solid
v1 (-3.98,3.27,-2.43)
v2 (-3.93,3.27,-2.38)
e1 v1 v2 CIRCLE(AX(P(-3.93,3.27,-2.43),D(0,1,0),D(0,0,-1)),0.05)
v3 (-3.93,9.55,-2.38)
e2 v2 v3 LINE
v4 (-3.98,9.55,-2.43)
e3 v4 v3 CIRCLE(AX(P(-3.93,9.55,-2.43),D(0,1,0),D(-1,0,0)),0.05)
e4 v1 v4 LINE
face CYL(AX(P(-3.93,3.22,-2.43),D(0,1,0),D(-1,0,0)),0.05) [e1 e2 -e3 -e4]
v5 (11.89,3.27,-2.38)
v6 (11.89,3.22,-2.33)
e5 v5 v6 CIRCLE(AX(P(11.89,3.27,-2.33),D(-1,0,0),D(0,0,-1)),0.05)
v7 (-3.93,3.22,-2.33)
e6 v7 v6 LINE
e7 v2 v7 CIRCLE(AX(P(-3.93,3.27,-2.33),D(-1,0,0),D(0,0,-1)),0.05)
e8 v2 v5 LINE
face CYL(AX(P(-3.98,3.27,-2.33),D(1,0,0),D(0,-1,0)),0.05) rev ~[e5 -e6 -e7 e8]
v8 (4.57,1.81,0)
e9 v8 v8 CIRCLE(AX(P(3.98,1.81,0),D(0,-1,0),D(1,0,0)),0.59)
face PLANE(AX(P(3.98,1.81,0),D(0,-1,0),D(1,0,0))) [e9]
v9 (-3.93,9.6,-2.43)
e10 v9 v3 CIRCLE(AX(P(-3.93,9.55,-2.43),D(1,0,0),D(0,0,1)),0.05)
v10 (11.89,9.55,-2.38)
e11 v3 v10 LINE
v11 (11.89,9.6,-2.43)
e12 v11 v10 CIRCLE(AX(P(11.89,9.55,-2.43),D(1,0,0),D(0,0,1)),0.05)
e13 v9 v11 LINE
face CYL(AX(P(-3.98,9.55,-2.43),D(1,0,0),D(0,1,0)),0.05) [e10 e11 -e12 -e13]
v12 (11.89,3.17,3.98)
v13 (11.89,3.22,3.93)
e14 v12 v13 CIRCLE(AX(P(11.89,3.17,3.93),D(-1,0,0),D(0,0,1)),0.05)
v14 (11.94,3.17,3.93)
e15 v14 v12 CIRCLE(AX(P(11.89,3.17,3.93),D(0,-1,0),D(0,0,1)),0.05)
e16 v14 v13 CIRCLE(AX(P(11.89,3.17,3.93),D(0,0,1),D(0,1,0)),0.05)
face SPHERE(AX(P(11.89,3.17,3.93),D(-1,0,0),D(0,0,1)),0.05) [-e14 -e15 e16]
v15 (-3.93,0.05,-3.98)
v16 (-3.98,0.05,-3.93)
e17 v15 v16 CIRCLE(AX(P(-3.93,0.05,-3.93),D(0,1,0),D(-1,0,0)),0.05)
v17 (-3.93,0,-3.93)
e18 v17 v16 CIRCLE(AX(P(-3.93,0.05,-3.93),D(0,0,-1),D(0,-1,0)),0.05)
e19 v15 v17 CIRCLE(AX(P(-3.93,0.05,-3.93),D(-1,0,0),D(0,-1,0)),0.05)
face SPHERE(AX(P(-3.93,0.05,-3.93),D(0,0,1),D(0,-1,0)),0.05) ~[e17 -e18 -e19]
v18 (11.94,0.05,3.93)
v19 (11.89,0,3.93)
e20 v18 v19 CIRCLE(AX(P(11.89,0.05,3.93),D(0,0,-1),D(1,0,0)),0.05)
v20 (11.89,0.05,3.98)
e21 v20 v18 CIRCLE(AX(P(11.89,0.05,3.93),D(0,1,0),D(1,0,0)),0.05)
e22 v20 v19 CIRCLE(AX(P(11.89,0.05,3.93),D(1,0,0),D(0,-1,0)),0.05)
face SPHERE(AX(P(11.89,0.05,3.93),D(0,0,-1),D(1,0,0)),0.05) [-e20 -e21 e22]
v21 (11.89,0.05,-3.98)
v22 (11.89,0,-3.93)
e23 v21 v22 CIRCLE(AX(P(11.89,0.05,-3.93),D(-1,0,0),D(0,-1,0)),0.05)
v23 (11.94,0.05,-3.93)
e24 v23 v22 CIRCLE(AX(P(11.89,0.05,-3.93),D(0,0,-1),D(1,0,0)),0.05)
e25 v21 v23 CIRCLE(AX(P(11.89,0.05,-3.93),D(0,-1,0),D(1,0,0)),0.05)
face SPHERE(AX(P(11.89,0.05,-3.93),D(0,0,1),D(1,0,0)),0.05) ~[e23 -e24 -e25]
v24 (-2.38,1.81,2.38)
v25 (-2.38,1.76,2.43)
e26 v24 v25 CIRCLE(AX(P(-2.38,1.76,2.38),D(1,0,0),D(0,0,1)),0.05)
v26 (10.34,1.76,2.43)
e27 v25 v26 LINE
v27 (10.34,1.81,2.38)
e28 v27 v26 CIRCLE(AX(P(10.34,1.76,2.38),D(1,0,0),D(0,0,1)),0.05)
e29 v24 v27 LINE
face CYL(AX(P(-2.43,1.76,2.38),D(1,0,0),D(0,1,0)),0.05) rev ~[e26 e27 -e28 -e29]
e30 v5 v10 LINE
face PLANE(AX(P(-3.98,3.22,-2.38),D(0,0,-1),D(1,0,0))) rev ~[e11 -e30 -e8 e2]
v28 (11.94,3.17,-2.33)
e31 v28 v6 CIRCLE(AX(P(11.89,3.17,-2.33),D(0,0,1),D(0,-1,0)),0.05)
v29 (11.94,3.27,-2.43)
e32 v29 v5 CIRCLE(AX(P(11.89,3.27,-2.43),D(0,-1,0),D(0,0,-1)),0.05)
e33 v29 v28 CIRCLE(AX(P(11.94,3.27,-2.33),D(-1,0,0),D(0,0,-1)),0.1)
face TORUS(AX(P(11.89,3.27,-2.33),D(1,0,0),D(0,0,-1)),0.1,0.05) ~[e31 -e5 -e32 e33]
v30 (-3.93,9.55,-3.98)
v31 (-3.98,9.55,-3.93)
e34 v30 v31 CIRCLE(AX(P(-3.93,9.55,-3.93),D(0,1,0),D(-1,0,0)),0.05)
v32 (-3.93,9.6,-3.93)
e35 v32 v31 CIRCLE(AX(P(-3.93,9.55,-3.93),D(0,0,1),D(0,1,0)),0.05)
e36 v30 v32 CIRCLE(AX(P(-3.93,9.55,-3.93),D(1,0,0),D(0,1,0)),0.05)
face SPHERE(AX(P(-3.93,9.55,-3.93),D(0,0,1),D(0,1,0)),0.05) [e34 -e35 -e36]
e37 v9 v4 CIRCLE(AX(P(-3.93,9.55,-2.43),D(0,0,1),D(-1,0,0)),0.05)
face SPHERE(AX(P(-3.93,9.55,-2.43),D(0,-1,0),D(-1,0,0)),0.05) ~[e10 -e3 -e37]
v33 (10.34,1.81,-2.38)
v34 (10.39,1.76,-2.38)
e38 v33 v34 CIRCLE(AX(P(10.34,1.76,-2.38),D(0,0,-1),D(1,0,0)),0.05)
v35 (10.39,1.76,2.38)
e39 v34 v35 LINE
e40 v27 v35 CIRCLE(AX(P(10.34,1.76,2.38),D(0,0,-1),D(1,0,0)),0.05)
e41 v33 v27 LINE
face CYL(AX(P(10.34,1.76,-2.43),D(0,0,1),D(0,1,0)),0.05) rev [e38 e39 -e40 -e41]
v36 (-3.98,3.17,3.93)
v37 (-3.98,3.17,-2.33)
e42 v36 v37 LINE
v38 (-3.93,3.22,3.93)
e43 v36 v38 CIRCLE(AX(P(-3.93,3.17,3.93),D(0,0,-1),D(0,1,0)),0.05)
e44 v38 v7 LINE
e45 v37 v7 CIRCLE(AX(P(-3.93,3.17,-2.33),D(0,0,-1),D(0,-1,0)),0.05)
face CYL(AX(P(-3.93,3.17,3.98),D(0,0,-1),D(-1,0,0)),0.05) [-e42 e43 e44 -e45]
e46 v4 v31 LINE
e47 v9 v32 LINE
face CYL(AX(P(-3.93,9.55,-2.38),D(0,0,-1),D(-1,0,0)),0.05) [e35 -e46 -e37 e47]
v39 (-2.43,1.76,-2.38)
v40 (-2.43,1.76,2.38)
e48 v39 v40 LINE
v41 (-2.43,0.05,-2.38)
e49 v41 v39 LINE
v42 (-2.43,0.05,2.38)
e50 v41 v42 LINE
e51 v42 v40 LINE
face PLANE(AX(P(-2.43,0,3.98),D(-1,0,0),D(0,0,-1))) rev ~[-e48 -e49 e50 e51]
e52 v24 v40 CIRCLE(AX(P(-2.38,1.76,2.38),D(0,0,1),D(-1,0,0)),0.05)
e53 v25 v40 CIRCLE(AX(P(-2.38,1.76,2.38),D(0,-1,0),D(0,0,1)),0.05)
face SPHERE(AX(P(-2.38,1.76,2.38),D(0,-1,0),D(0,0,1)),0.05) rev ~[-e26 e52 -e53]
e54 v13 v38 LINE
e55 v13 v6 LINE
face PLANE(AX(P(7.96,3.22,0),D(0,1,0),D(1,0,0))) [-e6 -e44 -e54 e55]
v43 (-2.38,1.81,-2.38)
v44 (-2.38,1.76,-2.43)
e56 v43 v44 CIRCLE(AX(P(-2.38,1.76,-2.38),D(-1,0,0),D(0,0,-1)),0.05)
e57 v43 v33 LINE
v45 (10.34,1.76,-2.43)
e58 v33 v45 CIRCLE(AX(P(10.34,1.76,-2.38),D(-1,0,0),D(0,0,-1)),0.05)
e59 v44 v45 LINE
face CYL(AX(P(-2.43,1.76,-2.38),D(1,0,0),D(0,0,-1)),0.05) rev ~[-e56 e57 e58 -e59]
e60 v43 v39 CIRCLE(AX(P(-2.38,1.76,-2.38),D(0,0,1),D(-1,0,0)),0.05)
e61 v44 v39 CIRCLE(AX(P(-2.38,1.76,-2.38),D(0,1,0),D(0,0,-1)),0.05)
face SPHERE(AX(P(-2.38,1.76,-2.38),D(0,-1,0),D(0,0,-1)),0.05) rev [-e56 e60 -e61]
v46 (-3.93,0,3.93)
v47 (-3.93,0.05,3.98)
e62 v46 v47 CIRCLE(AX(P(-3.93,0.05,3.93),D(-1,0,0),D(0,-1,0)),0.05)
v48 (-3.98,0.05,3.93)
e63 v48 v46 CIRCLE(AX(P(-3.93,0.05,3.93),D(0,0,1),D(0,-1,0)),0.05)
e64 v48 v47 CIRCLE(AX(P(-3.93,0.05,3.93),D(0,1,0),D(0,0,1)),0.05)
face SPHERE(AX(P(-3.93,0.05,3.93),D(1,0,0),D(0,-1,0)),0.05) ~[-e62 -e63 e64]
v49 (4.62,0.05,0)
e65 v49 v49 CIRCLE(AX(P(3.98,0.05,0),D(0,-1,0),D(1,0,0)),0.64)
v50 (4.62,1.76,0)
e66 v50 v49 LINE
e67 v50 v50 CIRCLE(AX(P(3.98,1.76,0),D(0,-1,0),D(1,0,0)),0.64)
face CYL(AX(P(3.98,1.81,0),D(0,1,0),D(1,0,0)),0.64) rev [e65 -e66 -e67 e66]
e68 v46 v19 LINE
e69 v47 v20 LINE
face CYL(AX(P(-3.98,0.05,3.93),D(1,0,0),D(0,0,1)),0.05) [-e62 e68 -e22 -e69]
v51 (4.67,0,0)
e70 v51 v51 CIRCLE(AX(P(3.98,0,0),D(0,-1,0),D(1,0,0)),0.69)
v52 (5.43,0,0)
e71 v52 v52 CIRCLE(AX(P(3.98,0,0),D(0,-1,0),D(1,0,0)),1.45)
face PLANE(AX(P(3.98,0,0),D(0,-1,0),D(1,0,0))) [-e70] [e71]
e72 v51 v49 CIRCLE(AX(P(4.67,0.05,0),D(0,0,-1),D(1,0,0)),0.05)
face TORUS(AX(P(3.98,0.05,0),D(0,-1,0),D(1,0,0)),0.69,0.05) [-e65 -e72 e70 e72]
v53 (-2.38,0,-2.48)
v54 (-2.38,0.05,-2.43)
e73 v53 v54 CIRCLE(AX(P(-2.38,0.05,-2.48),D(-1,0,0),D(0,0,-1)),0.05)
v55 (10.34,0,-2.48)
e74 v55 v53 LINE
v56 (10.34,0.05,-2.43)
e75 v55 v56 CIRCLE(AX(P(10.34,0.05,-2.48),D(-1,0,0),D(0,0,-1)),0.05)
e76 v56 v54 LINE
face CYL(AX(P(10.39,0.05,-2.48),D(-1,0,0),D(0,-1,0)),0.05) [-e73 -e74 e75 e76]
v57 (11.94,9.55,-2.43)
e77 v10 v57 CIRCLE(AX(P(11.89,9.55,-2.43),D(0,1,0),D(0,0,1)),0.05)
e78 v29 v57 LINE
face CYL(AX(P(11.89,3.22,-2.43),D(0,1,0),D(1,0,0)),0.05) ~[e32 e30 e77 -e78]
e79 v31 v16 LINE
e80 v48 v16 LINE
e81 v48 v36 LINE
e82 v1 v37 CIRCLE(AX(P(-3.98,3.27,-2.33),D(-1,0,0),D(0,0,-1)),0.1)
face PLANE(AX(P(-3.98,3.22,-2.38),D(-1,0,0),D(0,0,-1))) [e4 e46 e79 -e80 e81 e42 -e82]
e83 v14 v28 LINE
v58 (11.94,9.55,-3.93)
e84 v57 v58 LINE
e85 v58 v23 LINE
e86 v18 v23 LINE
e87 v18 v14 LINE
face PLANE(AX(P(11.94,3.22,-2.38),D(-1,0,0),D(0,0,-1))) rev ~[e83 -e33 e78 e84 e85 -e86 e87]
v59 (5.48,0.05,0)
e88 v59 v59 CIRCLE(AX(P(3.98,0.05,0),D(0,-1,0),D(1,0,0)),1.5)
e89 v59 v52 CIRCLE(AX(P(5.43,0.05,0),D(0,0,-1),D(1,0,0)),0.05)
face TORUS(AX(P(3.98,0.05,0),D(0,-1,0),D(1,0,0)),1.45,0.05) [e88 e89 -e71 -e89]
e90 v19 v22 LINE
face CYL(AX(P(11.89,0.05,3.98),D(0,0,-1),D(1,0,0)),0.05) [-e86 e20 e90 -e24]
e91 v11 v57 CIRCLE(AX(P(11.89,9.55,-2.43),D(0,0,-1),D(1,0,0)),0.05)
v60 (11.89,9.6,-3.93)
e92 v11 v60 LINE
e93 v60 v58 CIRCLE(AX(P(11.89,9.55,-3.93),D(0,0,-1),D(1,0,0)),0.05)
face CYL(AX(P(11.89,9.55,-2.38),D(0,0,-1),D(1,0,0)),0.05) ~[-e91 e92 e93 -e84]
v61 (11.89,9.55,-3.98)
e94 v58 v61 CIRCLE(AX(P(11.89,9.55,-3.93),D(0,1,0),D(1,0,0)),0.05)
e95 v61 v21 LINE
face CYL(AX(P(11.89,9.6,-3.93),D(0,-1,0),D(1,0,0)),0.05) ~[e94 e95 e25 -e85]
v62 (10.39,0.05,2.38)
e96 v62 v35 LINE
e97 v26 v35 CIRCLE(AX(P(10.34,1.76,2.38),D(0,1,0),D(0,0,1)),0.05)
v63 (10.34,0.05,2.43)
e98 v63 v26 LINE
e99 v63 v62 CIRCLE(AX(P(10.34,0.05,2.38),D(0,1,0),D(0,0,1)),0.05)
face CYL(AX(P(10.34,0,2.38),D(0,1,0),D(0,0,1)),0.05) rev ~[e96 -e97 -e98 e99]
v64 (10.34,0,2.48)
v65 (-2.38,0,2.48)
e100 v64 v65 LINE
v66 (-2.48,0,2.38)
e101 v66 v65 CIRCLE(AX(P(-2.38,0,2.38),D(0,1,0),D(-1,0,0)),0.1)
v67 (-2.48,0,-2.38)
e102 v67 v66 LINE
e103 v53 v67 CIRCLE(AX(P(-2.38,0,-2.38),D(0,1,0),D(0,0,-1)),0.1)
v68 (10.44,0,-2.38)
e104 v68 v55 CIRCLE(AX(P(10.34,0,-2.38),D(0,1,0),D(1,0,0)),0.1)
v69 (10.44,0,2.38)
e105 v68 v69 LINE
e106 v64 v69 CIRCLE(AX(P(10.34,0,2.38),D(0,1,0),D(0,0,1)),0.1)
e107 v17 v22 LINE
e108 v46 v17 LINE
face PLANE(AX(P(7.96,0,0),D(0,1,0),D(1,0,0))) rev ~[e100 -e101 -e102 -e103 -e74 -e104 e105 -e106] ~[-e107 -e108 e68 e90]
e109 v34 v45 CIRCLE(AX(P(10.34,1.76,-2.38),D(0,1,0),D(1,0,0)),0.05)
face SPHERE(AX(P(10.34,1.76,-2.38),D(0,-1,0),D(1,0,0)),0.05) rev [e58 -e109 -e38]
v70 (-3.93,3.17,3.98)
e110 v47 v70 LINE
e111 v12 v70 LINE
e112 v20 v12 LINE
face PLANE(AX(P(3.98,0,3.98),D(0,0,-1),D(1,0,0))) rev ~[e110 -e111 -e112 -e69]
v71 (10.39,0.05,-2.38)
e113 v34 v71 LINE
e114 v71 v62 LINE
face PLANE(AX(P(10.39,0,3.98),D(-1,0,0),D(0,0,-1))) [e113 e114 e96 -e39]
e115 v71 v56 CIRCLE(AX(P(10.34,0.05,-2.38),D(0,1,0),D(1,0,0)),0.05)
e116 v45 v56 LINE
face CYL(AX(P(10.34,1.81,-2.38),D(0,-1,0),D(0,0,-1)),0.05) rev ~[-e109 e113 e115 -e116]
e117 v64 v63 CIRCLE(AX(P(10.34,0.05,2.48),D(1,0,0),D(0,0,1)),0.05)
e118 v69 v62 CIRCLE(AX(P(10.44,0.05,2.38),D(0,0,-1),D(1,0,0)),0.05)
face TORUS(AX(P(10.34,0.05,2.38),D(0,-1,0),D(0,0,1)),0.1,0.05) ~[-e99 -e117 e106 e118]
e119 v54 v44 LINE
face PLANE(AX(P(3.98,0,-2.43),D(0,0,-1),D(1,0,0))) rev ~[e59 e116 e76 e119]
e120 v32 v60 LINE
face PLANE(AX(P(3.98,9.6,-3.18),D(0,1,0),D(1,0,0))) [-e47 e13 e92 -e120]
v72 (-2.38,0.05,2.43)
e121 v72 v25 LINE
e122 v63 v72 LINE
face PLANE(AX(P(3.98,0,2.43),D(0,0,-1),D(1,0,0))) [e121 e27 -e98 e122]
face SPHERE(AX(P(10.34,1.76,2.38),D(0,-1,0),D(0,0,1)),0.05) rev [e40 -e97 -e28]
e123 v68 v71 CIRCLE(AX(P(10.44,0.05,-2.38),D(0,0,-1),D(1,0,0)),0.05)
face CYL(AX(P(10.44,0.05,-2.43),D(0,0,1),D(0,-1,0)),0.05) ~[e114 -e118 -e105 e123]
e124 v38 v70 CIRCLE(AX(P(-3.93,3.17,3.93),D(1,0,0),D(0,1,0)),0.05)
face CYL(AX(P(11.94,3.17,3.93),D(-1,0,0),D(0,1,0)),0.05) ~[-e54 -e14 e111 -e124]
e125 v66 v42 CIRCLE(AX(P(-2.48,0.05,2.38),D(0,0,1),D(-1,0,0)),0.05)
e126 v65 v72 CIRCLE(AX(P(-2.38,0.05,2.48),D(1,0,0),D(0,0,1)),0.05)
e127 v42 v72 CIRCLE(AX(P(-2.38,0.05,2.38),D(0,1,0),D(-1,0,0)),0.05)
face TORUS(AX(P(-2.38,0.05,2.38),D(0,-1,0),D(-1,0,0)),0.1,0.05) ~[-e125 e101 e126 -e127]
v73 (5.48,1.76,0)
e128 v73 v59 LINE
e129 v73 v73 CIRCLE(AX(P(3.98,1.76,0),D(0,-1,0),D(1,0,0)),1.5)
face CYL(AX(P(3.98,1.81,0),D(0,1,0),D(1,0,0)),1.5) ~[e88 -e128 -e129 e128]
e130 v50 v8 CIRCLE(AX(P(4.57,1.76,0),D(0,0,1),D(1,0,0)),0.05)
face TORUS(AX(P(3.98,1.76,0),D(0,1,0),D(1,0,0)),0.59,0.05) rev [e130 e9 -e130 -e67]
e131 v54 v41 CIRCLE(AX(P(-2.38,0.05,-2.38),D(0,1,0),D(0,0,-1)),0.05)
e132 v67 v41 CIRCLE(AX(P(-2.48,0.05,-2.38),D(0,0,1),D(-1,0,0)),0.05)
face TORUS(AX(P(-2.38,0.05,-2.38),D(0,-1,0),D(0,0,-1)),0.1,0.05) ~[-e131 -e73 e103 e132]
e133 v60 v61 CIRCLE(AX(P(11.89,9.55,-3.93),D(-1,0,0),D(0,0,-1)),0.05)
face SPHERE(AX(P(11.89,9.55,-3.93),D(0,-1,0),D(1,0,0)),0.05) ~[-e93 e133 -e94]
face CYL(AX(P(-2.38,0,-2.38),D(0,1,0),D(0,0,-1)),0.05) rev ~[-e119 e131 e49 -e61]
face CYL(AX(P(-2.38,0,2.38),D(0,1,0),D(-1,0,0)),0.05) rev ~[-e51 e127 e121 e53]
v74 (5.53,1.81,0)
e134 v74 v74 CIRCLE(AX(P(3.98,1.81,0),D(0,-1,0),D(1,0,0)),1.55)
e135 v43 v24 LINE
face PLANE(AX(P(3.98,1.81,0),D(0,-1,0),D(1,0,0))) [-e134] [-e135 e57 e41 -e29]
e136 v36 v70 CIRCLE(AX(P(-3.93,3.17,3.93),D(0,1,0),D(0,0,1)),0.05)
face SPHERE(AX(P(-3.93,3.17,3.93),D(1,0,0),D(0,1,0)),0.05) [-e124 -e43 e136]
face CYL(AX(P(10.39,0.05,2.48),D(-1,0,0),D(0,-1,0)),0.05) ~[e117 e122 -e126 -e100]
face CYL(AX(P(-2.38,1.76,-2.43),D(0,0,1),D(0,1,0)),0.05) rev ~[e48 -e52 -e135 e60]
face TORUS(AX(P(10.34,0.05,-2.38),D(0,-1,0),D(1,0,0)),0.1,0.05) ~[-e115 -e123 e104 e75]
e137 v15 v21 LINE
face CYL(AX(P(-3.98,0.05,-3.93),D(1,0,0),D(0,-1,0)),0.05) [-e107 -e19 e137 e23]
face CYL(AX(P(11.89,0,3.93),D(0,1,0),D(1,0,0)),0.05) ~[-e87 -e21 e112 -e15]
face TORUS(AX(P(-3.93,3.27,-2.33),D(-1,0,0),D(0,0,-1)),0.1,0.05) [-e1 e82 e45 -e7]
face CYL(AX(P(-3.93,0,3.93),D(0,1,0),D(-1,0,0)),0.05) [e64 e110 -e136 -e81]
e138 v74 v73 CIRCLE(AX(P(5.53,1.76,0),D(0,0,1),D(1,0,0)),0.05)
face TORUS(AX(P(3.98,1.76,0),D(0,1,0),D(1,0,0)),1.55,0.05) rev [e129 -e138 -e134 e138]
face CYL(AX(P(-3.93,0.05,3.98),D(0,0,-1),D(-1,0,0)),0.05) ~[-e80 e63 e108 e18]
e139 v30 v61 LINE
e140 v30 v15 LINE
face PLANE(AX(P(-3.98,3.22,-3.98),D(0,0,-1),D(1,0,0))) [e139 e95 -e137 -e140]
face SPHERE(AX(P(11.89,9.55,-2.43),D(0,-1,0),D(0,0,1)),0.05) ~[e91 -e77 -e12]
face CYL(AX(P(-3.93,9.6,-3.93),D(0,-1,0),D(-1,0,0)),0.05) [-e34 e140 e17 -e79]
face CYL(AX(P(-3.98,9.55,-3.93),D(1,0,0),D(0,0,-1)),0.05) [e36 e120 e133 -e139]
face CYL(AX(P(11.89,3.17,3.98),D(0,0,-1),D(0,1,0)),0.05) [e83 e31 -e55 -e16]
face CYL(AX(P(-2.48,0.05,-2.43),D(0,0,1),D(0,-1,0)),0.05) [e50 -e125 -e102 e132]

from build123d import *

# Parameters (mm, degrees)
SKETCH1_W       = 7.96
SKETCH1_H       = 7.96
EXTRUDE1_DEPTH  = 3.22
LPATTERN1_COUNT = 2
LPATTERN1_PITCH = 7.96
SHELL1_T        = -1.55
SKETCH4_W       = 12.82
SKETCH4_H       = 4.86
EXTRUDE3_DEPTH  = 0.14
SKETCH5_R       = 1.5
SKETCH5_R_2     = 0.64
EXTRUDE4_DEPTH  = 1.81
SKETCH6_W       = 15.92
SKETCH6_H       = 1.6
EXTRUDE5_DEPTH  = 6.38
FILLET1_R       = 0.05


with BuildPart() as part:
    # Sketch1 → Extrude1 (new body)
    with BuildSketch(Plane(origin=(0, 0, 0), x_dir=(1, 0, 0), z_dir=(0, 1, 0))):
        Rectangle(SKETCH1_W, SKETCH1_H)
    extrude1 = extrude(amount=EXTRUDE1_DEPTH)

    # LPattern1: Extrude1 ×2
    with Locations(*[(i * LPATTERN1_PITCH, 0, 0) for i in range(1, LPATTERN1_COUNT)]):
        add(extrude1)

    # Shell1
    shell1_openings = [part.faces().sort_by_distance(p)[0] for p in [
        (3.98, 0, 0),
    ]]
    offset(amount=SHELL1_T, openings=shell1_openings, kind=Kind.INTERSECTION)

    # Sketch4 → Extrude3 (cut)
    with BuildSketch(Plane.XZ.offset(-1.67)):
        with Locations((3.98, 0)):
            Rectangle(SKETCH4_W, SKETCH4_H)
    extrude(amount=-EXTRUDE3_DEPTH, mode=Mode.SUBTRACT)

    # Sketch5 → Extrude4 (add)
    with BuildSketch(Plane.XZ.offset(-1.81)):
        with Locations((3.98, 0)):
            Circle(SKETCH5_R)
        with Locations((3.98, 0)):
            Circle(SKETCH5_R_2, mode=Mode.SUBTRACT)
    extrude(amount=EXTRUDE4_DEPTH)

    # Sketch6 → Extrude5 (add)
    with BuildSketch(Plane(origin=(0, 3.22, 0), x_dir=(1, 0, 0), z_dir=(0, 1, 0))):
        with Locations((3.98, 3.18)):
            Rectangle(SKETCH6_W, SKETCH6_H)
    extrude(amount=EXTRUDE5_DEPTH)

    # Fillet1
    fillet1_edges = [part.edges().sort_by_distance(p)[0] for p in [
        (3.98, 3.22, 3.98),
        (11.94, 0, 0),
        (11.94, 1.61, 3.98),
        (11.94, 4.8, -3.98),
        (11.94, 3.22, 0.8),
        (3.98, 0, -2.43),
        (10.39, 0.905, -2.43),
        (-2.43, 0, 0),
        (-2.43, 0.905, -2.43),
        (3.98, 0, 2.43),
        (-2.43, 0.905, 2.43),
        (10.39, 0, 0),
        (10.39, 0.905, 2.43),
        (3.98, 1.81, 2.43),
        (10.39, 1.81, 0),
        (3.98, 1.81, -2.43),
        (-2.43, 1.81, 0),
        (3.98, 0, 3.98),
        (2.48, 1.81, 0),
        (-3.98, 0, 0),
        (3.34, 1.81, 0),
        (2.48, 0, 0),
        (3.34, 0, 0),
        (3.98, 0, -3.98),
        (-3.98, 3.22, 0.8),
        (3.98, 3.22, -2.38),
        (-3.98, 6.41, -2.38),
        (11.94, 6.41, -2.38),
        (-3.98, 9.6, -3.18),
        (3.98, 9.6, -2.38),
        (11.94, 9.6, -3.18),
        (3.98, 9.6, -3.98),
        (-3.98, 1.61, 3.98),
        (-3.98, 4.8, -3.98),
    ]]
    fillet(fillet1_edges, radius=FILLET1_R)


solid = part.part
